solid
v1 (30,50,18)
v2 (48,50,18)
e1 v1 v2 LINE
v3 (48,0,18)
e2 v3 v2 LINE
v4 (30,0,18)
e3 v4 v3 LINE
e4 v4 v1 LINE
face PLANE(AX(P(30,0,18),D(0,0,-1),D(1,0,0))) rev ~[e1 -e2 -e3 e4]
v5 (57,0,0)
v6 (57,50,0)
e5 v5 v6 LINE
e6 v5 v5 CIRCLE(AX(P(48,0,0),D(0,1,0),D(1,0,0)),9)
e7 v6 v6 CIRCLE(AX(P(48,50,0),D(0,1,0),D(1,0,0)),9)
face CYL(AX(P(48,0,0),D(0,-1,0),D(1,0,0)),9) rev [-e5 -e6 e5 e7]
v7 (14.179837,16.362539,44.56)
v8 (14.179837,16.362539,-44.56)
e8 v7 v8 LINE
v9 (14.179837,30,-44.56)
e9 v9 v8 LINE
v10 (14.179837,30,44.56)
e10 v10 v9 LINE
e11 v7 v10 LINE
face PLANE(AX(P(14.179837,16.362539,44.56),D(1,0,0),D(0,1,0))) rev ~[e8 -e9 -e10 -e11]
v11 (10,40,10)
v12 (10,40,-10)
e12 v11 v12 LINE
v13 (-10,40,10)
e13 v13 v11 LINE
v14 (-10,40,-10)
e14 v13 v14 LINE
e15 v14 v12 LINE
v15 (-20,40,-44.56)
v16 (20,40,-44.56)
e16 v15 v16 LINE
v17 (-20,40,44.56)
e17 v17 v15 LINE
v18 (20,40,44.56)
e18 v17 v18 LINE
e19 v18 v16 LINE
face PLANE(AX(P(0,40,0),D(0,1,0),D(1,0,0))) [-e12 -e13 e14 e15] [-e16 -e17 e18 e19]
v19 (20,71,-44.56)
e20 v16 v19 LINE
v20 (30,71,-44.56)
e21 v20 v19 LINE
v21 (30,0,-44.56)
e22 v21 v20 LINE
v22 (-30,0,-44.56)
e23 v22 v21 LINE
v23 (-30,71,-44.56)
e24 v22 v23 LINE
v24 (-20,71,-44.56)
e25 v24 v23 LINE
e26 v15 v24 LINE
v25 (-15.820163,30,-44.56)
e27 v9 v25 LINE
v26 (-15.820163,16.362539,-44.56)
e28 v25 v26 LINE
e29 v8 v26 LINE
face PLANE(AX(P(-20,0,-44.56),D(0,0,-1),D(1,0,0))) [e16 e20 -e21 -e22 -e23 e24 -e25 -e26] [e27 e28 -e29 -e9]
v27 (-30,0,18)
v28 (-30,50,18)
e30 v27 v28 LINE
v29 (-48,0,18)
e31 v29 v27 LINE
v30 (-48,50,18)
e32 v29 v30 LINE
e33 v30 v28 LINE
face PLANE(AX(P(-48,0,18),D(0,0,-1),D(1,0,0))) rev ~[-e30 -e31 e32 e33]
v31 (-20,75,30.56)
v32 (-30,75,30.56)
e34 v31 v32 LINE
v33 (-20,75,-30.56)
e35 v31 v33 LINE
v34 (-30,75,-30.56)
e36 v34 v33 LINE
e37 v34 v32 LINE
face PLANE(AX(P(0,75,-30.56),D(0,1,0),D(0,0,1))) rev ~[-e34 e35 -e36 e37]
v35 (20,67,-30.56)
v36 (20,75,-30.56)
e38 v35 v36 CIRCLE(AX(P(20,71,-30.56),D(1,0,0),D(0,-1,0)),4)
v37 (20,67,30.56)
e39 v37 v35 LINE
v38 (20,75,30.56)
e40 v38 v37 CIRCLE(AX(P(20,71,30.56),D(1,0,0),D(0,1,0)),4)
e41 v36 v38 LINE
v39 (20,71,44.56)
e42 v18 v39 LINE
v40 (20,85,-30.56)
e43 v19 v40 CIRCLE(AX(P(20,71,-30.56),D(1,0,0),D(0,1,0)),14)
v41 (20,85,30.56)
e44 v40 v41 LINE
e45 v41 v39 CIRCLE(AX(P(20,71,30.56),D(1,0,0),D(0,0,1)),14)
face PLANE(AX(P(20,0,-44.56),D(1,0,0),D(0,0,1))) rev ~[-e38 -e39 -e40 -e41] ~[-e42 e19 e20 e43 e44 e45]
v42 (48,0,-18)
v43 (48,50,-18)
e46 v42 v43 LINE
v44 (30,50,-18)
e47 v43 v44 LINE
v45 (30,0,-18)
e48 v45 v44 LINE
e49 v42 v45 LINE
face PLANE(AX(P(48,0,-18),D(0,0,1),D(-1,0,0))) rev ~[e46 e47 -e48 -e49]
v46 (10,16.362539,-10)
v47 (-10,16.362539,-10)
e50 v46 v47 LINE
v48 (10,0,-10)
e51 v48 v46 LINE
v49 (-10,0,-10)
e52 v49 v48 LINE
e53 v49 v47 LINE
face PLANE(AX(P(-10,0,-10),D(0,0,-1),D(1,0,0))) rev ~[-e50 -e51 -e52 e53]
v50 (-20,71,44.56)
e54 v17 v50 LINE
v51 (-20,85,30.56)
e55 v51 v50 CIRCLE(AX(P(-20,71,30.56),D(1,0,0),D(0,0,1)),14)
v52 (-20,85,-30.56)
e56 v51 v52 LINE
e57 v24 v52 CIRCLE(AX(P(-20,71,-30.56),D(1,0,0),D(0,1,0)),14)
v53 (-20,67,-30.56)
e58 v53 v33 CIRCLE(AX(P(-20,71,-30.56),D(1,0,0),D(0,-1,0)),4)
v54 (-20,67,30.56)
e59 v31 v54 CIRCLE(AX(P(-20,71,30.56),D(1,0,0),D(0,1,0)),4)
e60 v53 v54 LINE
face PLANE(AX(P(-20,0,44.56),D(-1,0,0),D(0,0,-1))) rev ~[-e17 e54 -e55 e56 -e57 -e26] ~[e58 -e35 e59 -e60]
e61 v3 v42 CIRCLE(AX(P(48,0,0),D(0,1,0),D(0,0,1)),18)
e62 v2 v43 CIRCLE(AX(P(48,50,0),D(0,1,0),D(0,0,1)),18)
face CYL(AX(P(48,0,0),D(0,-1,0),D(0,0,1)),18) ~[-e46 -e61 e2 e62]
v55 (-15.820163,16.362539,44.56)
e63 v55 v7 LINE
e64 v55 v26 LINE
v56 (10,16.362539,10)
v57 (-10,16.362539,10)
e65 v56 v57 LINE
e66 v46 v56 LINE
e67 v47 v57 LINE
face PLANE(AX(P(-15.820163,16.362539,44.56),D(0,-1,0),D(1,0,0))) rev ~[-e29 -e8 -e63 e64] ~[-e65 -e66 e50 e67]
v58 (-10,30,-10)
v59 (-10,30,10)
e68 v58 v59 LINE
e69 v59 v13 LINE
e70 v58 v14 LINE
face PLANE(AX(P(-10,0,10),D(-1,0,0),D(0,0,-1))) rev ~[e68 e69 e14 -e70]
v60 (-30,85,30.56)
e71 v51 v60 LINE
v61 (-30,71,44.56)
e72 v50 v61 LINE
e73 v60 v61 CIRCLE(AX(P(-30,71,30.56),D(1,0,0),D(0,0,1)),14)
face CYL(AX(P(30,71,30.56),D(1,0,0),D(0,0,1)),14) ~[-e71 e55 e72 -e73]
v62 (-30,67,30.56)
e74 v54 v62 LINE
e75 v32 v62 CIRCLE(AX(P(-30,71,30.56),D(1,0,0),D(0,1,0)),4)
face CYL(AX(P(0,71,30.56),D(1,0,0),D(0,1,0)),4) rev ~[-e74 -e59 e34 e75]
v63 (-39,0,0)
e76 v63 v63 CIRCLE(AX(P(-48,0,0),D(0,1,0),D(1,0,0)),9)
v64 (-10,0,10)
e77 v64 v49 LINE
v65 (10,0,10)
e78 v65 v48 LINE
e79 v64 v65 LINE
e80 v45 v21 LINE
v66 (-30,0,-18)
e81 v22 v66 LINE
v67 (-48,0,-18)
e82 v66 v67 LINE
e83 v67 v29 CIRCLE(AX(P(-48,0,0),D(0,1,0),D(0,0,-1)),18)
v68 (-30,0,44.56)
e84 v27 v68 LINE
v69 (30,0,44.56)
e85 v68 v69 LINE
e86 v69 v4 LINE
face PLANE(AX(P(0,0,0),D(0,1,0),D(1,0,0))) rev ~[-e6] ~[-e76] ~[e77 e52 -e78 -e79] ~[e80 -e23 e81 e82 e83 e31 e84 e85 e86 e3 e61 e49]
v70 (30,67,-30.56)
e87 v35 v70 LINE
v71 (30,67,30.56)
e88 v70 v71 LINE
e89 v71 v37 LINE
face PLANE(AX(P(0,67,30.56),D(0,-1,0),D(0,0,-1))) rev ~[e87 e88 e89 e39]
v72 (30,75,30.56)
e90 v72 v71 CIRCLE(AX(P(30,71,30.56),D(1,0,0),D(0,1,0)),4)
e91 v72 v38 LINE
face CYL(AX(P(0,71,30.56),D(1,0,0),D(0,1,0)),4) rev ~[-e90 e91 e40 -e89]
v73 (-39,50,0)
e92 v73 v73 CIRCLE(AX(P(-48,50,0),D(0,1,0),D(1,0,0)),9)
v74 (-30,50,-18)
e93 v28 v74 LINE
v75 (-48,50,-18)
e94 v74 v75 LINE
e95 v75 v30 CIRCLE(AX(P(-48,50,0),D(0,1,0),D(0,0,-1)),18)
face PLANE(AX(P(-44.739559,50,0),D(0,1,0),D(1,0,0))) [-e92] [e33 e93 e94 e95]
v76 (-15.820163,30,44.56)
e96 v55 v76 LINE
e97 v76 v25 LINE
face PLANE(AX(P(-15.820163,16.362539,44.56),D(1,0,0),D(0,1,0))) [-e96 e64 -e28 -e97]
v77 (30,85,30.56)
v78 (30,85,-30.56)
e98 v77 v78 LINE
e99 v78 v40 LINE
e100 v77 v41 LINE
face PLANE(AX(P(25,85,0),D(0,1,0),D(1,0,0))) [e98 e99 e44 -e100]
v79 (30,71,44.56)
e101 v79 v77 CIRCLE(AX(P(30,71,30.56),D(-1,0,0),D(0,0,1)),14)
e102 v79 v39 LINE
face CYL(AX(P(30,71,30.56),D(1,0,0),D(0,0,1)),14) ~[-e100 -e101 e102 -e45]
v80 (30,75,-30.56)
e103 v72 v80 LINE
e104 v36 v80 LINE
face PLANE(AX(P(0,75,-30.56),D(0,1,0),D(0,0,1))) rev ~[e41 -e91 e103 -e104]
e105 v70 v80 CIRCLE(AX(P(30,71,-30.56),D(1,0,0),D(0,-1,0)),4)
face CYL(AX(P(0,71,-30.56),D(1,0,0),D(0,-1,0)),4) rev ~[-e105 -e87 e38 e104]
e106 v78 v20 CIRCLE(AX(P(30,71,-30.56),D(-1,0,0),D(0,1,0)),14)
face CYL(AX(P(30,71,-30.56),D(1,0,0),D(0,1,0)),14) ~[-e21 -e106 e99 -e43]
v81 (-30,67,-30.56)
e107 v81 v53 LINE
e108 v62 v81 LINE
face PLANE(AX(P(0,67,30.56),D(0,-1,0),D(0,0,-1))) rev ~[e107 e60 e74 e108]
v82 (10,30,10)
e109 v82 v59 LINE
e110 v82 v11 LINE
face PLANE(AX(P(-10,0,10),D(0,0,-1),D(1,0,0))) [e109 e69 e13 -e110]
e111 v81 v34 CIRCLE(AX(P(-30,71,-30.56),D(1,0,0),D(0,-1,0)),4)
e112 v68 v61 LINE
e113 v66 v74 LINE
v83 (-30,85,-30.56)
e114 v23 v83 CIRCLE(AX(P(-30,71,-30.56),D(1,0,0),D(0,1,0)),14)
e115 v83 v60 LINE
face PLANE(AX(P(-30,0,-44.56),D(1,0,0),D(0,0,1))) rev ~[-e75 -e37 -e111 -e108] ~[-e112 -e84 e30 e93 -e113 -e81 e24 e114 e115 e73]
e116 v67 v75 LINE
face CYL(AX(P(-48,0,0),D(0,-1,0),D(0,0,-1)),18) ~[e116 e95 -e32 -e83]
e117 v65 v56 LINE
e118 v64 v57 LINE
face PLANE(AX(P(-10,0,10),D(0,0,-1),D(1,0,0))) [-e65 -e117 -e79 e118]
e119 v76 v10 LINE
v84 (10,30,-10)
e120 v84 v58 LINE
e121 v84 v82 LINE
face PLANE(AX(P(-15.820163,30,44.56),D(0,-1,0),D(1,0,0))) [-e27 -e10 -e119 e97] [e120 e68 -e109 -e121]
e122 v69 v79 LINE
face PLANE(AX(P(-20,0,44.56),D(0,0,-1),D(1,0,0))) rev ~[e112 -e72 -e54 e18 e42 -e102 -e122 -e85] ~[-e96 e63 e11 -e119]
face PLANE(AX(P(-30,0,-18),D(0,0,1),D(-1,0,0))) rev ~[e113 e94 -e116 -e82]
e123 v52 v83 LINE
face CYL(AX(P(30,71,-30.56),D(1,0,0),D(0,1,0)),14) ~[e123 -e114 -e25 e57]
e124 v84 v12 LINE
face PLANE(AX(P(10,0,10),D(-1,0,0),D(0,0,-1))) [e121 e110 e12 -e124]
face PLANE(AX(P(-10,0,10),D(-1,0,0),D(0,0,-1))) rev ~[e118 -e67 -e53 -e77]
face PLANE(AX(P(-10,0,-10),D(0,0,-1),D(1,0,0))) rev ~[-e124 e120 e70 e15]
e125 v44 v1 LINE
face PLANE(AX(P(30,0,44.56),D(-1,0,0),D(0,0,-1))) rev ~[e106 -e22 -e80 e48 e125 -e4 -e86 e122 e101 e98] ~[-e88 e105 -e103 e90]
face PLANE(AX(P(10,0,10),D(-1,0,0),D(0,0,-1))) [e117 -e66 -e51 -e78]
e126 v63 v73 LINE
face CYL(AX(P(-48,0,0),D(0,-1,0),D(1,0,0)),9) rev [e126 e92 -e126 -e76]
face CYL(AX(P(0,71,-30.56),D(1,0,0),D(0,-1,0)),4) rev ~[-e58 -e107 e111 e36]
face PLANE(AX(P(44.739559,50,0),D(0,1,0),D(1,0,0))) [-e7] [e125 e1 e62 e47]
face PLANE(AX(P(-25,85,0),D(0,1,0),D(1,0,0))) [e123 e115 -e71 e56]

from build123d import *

# Parameters (mm, degrees)
SKETCH1_W             = 10
SKETCH1_H             = 89.12
BOSS_EXTRUDE1_DEPTH   = 85
BOSS_EXTRUDE1_2_DEPTH = 85
SKETCH1_5_W           = 40
SKETCH1_5_H           = 89.12
SKETCH1_5_W_2         = 20
SKETCH1_5_H_2         = 20
BOSS_EXTRUDE2_DEPTH   = 40
SKETCH1_6_R           = 9
BOSS_EXTRUDE3_DEPTH   = 50
CUT_EXTRUDE1_DEPTH    = 43
CUT_EXTRUDE2_DEPTH    = 86
SKETCH4_W             = 30
SKETCH4_H             = 13.637460926
CUT_EXTRUDE3_DEPTH    = 103


with BuildPart() as part:
    # Sketch1 → Boss-Extrude1 (new body)
    with BuildSketch(Plane(origin=(0, 0, 0), x_dir=(1, 0, 0), z_dir=(0, 1, 0))):
        with Locations((25, 0)):
            Rectangle(SKETCH1_W, SKETCH1_H)
    extrude(amount=BOSS_EXTRUDE1_DEPTH)



with BuildPart() as body_2:
    # Sketch1 → Boss-Extrude1 2 (new body)
    with BuildSketch(Plane(origin=(0, 0, 0), x_dir=(1, 0, 0), z_dir=(0, 1, 0))):
        with Locations((-25, 0)):
            Rectangle(SKETCH1_W, SKETCH1_H)
    extrude(amount=BOSS_EXTRUDE1_2_DEPTH)


with BuildPart() as part_1:
    add(part.part)

    add(body_2.part)  # Boss-Extrude2 merges body 2
    # Sketch1<5> → Boss-Extrude2 (add)
    with BuildSketch(Plane(origin=(0, 0, 0), x_dir=(1, 0, 0), z_dir=(0, 1, 0))):
        Rectangle(SKETCH1_5_W, SKETCH1_5_H)
        Rectangle(SKETCH1_5_W_2, SKETCH1_5_H_2, mode=Mode.SUBTRACT)
    extrude(amount=BOSS_EXTRUDE2_DEPTH)

    # Sketch1<6> → Boss-Extrude3 (add)
    # profile 1 of 2: a face of its own
    with BuildSketch(Plane(origin=(0, 0, 0), x_dir=(1, 0, 0), z_dir=(0, 1, 0))):
        with BuildLine():
            Line((30, 18), (30, -18))
            Line((30, -18), (48, -18))
            ThreePointArc((48, -18), (66, 0), (48, 18))
            Line((48, 18), (30, 18))
        make_face()
        with Locations((48, 0)):
            Circle(SKETCH1_6_R, mode=Mode.SUBTRACT)
    # profile 2 of 2: a face of its own
    with BuildSketch(Plane(origin=(0, 0, 0), x_dir=(1, 0, 0), z_dir=(0, 1, 0))):
        with BuildLine():
            Line((-48, -18), (-30, -18))
            Line((-30, -18), (-30, 18))
            Line((-30, 18), (-48, 18))
            ThreePointArc((-48, 18), (-66, 0), (-48, -18))
        make_face()
        with Locations((-48, 0)):
            Circle(SKETCH1_6_R, mode=Mode.SUBTRACT)
    extrude(amount=BOSS_EXTRUDE3_DEPTH)

    # Sketch2 → Cut-Extrude1 (cut, symmetric)
    with BuildSketch(Plane(origin=(0, 0, 0), x_dir=(0, 0, -1), z_dir=(1, 0, 0))):
        with BuildLine():
            ThreePointArc((-30.56, 75), (-34.56, 71), (-30.56, 67))
            Line((-30.56, 67), (-17.143592135, 67))
            Line((-17.143592135, 67), (17.143592135, 67))
            Line((17.143592135, 67), (30.56, 67))
            ThreePointArc((30.56, 67), (34.56, 71), (30.56, 75))
            Line((30.56, 75), (17.143592135, 75))
            Line((17.143592135, 75), (-17.143592135, 75))
            Line((-17.143592135, 75), (-30.56, 75))
        make_face()
    extrude(amount=CUT_EXTRUDE1_DEPTH, both=True, mode=Mode.SUBTRACT)

    # Sketch3 → Cut-Extrude2 (cut)
    with BuildSketch(Plane(origin=(30, 0, 0), x_dir=(0, 0, -1), z_dir=(1, 0, 0))):
        with BuildLine():
            ThreePointArc((-44.56, 71), (-40.459494937, 80.899494937), (-30.56, 85))
            Line((-30.56, 85), (-44.56, 85))
            Line((-44.56, 85), (-44.56, 71))
        make_face()
        with BuildLine():
            Line((44.56, 85), (30.56, 85))
            ThreePointArc((30.56, 85), (40.459494937, 80.899494937), (44.56, 71))
            Line((44.56, 71), (44.56, 85))
        make_face()
    extrude(amount=-CUT_EXTRUDE2_DEPTH, mode=Mode.SUBTRACT)

    # Sketch4 → Cut-Extrude3 (cut)
    with BuildSketch(Plane.XY.offset(44.56)):
        with Locations((-0.820162859, 23.181269537)):
            Rectangle(SKETCH4_W, SKETCH4_H)
    extrude(amount=-CUT_EXTRUDE3_DEPTH, mode=Mode.SUBTRACT)


solid = part_1.part
